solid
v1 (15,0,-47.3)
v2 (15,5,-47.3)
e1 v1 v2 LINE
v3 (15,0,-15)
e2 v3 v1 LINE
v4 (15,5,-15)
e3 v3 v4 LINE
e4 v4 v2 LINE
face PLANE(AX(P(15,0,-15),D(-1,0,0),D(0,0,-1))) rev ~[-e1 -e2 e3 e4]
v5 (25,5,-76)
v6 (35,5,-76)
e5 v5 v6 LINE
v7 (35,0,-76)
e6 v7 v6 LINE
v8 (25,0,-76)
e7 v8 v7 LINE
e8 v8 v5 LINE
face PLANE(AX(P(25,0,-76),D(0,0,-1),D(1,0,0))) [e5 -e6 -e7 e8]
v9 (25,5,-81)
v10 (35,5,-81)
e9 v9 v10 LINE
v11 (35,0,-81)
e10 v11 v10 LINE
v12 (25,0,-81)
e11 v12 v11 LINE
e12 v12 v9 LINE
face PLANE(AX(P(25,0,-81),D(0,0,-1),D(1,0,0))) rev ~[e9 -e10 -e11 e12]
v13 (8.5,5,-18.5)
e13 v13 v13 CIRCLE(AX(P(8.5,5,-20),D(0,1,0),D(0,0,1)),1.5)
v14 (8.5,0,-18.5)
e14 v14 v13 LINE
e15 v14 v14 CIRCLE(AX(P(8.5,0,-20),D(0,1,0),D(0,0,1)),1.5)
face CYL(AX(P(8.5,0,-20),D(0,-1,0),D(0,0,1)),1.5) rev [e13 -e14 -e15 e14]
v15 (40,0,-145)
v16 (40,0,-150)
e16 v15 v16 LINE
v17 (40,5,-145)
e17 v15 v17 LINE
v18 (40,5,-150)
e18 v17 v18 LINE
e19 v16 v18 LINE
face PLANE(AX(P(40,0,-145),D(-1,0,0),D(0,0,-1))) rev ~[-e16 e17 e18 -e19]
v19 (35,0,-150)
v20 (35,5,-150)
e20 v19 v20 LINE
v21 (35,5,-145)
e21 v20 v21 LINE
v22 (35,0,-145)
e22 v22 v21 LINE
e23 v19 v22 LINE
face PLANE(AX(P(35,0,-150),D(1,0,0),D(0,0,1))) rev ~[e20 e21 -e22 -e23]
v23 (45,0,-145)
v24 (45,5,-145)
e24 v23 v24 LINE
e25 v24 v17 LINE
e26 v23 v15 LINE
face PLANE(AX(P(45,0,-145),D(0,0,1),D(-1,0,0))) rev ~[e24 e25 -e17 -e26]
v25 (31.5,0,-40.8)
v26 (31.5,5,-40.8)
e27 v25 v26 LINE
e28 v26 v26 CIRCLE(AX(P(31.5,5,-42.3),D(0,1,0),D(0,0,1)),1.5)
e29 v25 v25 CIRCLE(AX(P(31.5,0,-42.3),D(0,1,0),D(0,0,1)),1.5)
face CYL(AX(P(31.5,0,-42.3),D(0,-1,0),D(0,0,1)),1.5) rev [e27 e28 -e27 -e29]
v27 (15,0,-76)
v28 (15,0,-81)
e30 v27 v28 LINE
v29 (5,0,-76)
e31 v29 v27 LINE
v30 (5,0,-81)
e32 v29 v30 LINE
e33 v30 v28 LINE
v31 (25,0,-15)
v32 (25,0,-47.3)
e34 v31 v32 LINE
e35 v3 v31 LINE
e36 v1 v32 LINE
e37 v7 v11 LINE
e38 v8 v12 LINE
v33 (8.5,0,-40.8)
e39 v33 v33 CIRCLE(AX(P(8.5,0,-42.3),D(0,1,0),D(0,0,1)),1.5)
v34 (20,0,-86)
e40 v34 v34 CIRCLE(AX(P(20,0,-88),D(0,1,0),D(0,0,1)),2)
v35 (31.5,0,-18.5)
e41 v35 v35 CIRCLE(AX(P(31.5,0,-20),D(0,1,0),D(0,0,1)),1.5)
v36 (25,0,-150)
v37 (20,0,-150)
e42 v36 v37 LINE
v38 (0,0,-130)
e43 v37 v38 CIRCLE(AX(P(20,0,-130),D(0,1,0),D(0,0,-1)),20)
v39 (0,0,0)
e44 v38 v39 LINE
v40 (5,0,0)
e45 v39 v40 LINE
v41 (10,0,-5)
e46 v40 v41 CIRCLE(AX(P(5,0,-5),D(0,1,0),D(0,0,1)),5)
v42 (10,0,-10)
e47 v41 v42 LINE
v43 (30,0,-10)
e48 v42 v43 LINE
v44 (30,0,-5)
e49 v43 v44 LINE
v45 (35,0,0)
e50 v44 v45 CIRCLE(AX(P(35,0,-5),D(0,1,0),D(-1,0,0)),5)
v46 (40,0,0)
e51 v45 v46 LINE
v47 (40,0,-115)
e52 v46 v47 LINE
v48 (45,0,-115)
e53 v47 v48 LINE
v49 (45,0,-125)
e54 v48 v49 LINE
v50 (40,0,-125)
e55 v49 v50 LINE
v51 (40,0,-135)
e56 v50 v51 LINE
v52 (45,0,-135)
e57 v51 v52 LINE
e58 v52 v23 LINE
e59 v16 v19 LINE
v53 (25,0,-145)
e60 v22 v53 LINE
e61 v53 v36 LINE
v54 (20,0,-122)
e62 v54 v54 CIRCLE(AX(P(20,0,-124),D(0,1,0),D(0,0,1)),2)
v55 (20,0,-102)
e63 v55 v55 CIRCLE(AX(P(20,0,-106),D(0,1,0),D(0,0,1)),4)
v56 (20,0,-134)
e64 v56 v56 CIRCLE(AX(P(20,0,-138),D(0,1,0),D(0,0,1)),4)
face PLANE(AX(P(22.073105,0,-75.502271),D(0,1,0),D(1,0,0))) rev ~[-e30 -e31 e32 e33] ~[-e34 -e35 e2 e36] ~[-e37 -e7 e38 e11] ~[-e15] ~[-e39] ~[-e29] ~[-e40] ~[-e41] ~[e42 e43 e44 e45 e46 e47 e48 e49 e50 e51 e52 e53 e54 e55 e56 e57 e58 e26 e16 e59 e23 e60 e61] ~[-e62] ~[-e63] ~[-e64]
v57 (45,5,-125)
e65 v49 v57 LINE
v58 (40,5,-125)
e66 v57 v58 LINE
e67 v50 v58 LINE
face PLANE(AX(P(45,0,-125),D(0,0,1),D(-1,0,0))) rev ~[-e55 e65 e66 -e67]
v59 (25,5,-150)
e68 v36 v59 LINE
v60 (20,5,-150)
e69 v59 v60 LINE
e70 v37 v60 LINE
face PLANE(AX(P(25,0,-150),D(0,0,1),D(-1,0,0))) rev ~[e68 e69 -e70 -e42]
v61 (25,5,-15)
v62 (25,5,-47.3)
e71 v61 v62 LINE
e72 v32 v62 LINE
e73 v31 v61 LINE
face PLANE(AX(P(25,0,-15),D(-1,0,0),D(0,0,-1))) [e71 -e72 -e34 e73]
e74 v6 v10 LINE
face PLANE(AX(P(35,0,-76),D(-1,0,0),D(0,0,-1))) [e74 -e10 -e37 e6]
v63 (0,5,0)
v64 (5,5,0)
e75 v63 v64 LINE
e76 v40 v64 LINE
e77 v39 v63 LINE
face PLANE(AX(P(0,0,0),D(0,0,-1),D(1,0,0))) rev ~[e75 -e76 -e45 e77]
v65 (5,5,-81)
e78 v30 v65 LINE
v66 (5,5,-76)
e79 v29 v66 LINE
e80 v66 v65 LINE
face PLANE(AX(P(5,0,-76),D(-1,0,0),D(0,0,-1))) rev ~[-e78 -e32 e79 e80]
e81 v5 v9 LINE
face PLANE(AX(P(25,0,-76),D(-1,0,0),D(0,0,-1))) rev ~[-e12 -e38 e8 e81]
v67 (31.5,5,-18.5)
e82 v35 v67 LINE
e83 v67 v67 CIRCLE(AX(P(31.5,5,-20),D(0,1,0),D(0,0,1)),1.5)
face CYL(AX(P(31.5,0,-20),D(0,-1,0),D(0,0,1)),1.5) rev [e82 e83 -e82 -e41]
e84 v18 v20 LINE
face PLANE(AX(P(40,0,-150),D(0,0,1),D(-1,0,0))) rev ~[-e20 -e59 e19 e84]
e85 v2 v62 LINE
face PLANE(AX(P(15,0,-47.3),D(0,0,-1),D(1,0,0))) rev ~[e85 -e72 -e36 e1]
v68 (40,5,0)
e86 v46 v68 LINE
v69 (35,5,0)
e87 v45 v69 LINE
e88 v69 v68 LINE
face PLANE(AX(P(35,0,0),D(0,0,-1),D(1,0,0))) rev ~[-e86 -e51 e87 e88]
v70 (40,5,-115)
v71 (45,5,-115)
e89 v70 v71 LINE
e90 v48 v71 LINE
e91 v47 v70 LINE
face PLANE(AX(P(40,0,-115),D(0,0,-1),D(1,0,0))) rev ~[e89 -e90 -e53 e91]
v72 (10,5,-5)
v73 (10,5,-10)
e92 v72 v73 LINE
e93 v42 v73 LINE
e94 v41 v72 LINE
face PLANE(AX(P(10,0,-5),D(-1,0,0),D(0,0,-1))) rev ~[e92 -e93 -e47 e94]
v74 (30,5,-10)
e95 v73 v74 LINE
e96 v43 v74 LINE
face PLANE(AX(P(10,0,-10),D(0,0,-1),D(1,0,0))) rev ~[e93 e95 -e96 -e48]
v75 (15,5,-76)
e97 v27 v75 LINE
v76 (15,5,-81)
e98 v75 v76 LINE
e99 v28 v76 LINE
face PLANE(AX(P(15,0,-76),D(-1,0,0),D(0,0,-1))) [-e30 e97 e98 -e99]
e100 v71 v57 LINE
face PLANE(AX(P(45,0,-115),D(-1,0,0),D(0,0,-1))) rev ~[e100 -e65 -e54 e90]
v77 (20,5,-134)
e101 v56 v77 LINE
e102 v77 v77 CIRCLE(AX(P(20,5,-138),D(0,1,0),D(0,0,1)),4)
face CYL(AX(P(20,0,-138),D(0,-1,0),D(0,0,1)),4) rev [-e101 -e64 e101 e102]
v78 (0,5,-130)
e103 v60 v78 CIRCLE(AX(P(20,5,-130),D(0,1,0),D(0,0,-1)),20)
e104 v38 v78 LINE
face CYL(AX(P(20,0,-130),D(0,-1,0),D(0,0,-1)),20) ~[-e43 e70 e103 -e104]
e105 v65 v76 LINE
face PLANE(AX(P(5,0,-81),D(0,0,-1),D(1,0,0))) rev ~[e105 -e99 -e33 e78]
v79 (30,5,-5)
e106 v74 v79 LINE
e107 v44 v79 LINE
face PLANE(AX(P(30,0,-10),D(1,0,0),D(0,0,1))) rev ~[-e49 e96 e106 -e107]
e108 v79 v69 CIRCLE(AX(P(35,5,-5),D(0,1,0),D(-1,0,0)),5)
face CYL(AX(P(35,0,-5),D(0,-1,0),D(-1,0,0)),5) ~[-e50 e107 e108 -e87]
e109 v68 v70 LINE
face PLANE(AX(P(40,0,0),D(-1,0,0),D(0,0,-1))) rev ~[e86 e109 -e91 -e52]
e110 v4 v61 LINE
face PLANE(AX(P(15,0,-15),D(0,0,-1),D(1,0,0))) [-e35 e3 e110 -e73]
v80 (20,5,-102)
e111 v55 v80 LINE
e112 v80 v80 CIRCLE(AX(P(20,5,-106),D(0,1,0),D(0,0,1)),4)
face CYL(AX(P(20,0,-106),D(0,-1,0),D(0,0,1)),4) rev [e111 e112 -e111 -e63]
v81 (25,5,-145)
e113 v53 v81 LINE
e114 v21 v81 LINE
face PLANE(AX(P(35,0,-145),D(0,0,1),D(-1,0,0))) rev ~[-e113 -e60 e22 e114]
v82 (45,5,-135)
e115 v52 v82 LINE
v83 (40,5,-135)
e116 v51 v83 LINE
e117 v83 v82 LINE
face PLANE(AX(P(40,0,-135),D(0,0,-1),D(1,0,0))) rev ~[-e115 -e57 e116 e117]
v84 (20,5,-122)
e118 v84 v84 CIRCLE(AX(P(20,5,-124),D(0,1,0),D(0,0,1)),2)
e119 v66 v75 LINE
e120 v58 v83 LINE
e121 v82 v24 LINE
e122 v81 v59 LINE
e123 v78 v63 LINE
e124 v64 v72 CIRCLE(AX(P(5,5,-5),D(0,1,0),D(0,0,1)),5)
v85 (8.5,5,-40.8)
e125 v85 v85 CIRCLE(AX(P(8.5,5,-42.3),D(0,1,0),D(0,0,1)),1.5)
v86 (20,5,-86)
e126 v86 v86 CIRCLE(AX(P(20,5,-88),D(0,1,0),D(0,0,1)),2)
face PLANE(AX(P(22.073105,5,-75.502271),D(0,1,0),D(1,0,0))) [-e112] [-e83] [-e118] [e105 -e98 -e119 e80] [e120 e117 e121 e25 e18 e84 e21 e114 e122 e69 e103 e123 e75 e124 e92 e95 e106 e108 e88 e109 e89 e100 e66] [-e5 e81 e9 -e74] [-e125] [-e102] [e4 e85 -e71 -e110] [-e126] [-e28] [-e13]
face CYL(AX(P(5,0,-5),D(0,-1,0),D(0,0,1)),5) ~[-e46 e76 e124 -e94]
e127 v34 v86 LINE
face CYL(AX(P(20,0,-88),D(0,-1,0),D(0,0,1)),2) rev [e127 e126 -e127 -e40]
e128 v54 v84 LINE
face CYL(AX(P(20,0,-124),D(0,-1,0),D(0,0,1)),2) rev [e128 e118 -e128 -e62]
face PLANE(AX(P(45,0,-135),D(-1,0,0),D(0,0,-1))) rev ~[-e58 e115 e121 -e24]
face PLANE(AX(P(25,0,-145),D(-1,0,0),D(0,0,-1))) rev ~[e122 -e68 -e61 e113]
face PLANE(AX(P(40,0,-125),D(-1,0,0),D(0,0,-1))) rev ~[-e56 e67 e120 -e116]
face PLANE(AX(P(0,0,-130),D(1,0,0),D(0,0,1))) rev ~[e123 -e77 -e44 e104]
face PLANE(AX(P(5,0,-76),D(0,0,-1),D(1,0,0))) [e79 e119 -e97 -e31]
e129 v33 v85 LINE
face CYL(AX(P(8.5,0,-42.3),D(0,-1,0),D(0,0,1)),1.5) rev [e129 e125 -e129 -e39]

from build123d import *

# Parameters (mm, degrees)
SKETCH_1_R      = 4
SKETCH_1_R_2    = 2
SKETCH_1_R_3    = 1.5
SKETCH_1_W      = 10
SKETCH_1_H      = 5
SKETCH_1_H_2    = 32.3
EXTRUDE_1_DEPTH = 5


with BuildPart() as part:
    # 草图1 → 凸台-拉伸1 (new body)
    with BuildSketch(Plane(origin=(0, 0, 0), x_dir=(1, 0, 0), z_dir=(0, 1, 0))):
        with BuildLine():
            Line((10, 5), (10, 10))
            Line((10, 10), (30, 10))
            Line((30, 10), (30, 5))
            ThreePointArc((30, 5), (31.464466094, 1.464466094), (35, 0))
            Line((35, 0), (40, 0))
            Line((40, 0), (40, 115))
            Line((40, 115), (45, 115))
            Line((45, 115), (45, 125))
            Line((45, 125), (40, 125))
            Line((40, 125), (40, 135))
            Line((40, 135), (45, 135))
            Line((45, 135), (45, 145))
            Line((45, 145), (40, 145))
            Line((40, 145), (40, 150))
            Line((40, 150), (35, 150))
            Line((35, 150), (35, 145))
            Line((35, 145), (25, 145))
            Line((25, 145), (25, 150))
            Line((25, 150), (20, 150))
            ThreePointArc((20, 150), (5.857864376, 144.142135624), (0, 130))
            Line((0, 130), (0, 0))
            Line((0, 0), (5, 0))
            ThreePointArc((5, 0), (8.535533906, 1.464466094), (10, 5))
        make_face()
        with Locations(Location((20, 138, 0), (0, 0, 270))):
            Circle(SKETCH_1_R, mode=Mode.SUBTRACT)
        with Locations(Location((20, 106, 0), (0, 0, 270))):
            Circle(SKETCH_1_R, mode=Mode.SUBTRACT)
        with Locations(Location((20, 124, 0), (0, 0, 270))):
            Circle(SKETCH_1_R_2, mode=Mode.SUBTRACT)
        with Locations(Location((20, 88, 0), (0, 0, 270))):
            Circle(SKETCH_1_R_2, mode=Mode.SUBTRACT)
        with Locations(Location((8.5, 42.3, 0), (0, 0, 270))):
            Circle(SKETCH_1_R_3, mode=Mode.SUBTRACT)
        with Locations(Location((31.5, 42.3, 0), (0, 0, 270))):
            Circle(SKETCH_1_R_3, mode=Mode.SUBTRACT)
        with Locations(Location((8.5, 20, 0), (0, 0, 270))):
            Circle(SKETCH_1_R_3, mode=Mode.SUBTRACT)
        with Locations(Location((31.5, 20, 0), (0, 0, 270))):
            Circle(SKETCH_1_R_3, mode=Mode.SUBTRACT)
        with Locations((10, 78.5)):
            Rectangle(SKETCH_1_W, SKETCH_1_H, mode=Mode.SUBTRACT)
        with Locations((30, 78.5)):
            Rectangle(SKETCH_1_W, SKETCH_1_H, mode=Mode.SUBTRACT)
        with Locations((20, 31.15)):
            Rectangle(SKETCH_1_W, SKETCH_1_H_2, mode=Mode.SUBTRACT)
    extrude(amount=EXTRUDE_1_DEPTH)


solid = part.part
